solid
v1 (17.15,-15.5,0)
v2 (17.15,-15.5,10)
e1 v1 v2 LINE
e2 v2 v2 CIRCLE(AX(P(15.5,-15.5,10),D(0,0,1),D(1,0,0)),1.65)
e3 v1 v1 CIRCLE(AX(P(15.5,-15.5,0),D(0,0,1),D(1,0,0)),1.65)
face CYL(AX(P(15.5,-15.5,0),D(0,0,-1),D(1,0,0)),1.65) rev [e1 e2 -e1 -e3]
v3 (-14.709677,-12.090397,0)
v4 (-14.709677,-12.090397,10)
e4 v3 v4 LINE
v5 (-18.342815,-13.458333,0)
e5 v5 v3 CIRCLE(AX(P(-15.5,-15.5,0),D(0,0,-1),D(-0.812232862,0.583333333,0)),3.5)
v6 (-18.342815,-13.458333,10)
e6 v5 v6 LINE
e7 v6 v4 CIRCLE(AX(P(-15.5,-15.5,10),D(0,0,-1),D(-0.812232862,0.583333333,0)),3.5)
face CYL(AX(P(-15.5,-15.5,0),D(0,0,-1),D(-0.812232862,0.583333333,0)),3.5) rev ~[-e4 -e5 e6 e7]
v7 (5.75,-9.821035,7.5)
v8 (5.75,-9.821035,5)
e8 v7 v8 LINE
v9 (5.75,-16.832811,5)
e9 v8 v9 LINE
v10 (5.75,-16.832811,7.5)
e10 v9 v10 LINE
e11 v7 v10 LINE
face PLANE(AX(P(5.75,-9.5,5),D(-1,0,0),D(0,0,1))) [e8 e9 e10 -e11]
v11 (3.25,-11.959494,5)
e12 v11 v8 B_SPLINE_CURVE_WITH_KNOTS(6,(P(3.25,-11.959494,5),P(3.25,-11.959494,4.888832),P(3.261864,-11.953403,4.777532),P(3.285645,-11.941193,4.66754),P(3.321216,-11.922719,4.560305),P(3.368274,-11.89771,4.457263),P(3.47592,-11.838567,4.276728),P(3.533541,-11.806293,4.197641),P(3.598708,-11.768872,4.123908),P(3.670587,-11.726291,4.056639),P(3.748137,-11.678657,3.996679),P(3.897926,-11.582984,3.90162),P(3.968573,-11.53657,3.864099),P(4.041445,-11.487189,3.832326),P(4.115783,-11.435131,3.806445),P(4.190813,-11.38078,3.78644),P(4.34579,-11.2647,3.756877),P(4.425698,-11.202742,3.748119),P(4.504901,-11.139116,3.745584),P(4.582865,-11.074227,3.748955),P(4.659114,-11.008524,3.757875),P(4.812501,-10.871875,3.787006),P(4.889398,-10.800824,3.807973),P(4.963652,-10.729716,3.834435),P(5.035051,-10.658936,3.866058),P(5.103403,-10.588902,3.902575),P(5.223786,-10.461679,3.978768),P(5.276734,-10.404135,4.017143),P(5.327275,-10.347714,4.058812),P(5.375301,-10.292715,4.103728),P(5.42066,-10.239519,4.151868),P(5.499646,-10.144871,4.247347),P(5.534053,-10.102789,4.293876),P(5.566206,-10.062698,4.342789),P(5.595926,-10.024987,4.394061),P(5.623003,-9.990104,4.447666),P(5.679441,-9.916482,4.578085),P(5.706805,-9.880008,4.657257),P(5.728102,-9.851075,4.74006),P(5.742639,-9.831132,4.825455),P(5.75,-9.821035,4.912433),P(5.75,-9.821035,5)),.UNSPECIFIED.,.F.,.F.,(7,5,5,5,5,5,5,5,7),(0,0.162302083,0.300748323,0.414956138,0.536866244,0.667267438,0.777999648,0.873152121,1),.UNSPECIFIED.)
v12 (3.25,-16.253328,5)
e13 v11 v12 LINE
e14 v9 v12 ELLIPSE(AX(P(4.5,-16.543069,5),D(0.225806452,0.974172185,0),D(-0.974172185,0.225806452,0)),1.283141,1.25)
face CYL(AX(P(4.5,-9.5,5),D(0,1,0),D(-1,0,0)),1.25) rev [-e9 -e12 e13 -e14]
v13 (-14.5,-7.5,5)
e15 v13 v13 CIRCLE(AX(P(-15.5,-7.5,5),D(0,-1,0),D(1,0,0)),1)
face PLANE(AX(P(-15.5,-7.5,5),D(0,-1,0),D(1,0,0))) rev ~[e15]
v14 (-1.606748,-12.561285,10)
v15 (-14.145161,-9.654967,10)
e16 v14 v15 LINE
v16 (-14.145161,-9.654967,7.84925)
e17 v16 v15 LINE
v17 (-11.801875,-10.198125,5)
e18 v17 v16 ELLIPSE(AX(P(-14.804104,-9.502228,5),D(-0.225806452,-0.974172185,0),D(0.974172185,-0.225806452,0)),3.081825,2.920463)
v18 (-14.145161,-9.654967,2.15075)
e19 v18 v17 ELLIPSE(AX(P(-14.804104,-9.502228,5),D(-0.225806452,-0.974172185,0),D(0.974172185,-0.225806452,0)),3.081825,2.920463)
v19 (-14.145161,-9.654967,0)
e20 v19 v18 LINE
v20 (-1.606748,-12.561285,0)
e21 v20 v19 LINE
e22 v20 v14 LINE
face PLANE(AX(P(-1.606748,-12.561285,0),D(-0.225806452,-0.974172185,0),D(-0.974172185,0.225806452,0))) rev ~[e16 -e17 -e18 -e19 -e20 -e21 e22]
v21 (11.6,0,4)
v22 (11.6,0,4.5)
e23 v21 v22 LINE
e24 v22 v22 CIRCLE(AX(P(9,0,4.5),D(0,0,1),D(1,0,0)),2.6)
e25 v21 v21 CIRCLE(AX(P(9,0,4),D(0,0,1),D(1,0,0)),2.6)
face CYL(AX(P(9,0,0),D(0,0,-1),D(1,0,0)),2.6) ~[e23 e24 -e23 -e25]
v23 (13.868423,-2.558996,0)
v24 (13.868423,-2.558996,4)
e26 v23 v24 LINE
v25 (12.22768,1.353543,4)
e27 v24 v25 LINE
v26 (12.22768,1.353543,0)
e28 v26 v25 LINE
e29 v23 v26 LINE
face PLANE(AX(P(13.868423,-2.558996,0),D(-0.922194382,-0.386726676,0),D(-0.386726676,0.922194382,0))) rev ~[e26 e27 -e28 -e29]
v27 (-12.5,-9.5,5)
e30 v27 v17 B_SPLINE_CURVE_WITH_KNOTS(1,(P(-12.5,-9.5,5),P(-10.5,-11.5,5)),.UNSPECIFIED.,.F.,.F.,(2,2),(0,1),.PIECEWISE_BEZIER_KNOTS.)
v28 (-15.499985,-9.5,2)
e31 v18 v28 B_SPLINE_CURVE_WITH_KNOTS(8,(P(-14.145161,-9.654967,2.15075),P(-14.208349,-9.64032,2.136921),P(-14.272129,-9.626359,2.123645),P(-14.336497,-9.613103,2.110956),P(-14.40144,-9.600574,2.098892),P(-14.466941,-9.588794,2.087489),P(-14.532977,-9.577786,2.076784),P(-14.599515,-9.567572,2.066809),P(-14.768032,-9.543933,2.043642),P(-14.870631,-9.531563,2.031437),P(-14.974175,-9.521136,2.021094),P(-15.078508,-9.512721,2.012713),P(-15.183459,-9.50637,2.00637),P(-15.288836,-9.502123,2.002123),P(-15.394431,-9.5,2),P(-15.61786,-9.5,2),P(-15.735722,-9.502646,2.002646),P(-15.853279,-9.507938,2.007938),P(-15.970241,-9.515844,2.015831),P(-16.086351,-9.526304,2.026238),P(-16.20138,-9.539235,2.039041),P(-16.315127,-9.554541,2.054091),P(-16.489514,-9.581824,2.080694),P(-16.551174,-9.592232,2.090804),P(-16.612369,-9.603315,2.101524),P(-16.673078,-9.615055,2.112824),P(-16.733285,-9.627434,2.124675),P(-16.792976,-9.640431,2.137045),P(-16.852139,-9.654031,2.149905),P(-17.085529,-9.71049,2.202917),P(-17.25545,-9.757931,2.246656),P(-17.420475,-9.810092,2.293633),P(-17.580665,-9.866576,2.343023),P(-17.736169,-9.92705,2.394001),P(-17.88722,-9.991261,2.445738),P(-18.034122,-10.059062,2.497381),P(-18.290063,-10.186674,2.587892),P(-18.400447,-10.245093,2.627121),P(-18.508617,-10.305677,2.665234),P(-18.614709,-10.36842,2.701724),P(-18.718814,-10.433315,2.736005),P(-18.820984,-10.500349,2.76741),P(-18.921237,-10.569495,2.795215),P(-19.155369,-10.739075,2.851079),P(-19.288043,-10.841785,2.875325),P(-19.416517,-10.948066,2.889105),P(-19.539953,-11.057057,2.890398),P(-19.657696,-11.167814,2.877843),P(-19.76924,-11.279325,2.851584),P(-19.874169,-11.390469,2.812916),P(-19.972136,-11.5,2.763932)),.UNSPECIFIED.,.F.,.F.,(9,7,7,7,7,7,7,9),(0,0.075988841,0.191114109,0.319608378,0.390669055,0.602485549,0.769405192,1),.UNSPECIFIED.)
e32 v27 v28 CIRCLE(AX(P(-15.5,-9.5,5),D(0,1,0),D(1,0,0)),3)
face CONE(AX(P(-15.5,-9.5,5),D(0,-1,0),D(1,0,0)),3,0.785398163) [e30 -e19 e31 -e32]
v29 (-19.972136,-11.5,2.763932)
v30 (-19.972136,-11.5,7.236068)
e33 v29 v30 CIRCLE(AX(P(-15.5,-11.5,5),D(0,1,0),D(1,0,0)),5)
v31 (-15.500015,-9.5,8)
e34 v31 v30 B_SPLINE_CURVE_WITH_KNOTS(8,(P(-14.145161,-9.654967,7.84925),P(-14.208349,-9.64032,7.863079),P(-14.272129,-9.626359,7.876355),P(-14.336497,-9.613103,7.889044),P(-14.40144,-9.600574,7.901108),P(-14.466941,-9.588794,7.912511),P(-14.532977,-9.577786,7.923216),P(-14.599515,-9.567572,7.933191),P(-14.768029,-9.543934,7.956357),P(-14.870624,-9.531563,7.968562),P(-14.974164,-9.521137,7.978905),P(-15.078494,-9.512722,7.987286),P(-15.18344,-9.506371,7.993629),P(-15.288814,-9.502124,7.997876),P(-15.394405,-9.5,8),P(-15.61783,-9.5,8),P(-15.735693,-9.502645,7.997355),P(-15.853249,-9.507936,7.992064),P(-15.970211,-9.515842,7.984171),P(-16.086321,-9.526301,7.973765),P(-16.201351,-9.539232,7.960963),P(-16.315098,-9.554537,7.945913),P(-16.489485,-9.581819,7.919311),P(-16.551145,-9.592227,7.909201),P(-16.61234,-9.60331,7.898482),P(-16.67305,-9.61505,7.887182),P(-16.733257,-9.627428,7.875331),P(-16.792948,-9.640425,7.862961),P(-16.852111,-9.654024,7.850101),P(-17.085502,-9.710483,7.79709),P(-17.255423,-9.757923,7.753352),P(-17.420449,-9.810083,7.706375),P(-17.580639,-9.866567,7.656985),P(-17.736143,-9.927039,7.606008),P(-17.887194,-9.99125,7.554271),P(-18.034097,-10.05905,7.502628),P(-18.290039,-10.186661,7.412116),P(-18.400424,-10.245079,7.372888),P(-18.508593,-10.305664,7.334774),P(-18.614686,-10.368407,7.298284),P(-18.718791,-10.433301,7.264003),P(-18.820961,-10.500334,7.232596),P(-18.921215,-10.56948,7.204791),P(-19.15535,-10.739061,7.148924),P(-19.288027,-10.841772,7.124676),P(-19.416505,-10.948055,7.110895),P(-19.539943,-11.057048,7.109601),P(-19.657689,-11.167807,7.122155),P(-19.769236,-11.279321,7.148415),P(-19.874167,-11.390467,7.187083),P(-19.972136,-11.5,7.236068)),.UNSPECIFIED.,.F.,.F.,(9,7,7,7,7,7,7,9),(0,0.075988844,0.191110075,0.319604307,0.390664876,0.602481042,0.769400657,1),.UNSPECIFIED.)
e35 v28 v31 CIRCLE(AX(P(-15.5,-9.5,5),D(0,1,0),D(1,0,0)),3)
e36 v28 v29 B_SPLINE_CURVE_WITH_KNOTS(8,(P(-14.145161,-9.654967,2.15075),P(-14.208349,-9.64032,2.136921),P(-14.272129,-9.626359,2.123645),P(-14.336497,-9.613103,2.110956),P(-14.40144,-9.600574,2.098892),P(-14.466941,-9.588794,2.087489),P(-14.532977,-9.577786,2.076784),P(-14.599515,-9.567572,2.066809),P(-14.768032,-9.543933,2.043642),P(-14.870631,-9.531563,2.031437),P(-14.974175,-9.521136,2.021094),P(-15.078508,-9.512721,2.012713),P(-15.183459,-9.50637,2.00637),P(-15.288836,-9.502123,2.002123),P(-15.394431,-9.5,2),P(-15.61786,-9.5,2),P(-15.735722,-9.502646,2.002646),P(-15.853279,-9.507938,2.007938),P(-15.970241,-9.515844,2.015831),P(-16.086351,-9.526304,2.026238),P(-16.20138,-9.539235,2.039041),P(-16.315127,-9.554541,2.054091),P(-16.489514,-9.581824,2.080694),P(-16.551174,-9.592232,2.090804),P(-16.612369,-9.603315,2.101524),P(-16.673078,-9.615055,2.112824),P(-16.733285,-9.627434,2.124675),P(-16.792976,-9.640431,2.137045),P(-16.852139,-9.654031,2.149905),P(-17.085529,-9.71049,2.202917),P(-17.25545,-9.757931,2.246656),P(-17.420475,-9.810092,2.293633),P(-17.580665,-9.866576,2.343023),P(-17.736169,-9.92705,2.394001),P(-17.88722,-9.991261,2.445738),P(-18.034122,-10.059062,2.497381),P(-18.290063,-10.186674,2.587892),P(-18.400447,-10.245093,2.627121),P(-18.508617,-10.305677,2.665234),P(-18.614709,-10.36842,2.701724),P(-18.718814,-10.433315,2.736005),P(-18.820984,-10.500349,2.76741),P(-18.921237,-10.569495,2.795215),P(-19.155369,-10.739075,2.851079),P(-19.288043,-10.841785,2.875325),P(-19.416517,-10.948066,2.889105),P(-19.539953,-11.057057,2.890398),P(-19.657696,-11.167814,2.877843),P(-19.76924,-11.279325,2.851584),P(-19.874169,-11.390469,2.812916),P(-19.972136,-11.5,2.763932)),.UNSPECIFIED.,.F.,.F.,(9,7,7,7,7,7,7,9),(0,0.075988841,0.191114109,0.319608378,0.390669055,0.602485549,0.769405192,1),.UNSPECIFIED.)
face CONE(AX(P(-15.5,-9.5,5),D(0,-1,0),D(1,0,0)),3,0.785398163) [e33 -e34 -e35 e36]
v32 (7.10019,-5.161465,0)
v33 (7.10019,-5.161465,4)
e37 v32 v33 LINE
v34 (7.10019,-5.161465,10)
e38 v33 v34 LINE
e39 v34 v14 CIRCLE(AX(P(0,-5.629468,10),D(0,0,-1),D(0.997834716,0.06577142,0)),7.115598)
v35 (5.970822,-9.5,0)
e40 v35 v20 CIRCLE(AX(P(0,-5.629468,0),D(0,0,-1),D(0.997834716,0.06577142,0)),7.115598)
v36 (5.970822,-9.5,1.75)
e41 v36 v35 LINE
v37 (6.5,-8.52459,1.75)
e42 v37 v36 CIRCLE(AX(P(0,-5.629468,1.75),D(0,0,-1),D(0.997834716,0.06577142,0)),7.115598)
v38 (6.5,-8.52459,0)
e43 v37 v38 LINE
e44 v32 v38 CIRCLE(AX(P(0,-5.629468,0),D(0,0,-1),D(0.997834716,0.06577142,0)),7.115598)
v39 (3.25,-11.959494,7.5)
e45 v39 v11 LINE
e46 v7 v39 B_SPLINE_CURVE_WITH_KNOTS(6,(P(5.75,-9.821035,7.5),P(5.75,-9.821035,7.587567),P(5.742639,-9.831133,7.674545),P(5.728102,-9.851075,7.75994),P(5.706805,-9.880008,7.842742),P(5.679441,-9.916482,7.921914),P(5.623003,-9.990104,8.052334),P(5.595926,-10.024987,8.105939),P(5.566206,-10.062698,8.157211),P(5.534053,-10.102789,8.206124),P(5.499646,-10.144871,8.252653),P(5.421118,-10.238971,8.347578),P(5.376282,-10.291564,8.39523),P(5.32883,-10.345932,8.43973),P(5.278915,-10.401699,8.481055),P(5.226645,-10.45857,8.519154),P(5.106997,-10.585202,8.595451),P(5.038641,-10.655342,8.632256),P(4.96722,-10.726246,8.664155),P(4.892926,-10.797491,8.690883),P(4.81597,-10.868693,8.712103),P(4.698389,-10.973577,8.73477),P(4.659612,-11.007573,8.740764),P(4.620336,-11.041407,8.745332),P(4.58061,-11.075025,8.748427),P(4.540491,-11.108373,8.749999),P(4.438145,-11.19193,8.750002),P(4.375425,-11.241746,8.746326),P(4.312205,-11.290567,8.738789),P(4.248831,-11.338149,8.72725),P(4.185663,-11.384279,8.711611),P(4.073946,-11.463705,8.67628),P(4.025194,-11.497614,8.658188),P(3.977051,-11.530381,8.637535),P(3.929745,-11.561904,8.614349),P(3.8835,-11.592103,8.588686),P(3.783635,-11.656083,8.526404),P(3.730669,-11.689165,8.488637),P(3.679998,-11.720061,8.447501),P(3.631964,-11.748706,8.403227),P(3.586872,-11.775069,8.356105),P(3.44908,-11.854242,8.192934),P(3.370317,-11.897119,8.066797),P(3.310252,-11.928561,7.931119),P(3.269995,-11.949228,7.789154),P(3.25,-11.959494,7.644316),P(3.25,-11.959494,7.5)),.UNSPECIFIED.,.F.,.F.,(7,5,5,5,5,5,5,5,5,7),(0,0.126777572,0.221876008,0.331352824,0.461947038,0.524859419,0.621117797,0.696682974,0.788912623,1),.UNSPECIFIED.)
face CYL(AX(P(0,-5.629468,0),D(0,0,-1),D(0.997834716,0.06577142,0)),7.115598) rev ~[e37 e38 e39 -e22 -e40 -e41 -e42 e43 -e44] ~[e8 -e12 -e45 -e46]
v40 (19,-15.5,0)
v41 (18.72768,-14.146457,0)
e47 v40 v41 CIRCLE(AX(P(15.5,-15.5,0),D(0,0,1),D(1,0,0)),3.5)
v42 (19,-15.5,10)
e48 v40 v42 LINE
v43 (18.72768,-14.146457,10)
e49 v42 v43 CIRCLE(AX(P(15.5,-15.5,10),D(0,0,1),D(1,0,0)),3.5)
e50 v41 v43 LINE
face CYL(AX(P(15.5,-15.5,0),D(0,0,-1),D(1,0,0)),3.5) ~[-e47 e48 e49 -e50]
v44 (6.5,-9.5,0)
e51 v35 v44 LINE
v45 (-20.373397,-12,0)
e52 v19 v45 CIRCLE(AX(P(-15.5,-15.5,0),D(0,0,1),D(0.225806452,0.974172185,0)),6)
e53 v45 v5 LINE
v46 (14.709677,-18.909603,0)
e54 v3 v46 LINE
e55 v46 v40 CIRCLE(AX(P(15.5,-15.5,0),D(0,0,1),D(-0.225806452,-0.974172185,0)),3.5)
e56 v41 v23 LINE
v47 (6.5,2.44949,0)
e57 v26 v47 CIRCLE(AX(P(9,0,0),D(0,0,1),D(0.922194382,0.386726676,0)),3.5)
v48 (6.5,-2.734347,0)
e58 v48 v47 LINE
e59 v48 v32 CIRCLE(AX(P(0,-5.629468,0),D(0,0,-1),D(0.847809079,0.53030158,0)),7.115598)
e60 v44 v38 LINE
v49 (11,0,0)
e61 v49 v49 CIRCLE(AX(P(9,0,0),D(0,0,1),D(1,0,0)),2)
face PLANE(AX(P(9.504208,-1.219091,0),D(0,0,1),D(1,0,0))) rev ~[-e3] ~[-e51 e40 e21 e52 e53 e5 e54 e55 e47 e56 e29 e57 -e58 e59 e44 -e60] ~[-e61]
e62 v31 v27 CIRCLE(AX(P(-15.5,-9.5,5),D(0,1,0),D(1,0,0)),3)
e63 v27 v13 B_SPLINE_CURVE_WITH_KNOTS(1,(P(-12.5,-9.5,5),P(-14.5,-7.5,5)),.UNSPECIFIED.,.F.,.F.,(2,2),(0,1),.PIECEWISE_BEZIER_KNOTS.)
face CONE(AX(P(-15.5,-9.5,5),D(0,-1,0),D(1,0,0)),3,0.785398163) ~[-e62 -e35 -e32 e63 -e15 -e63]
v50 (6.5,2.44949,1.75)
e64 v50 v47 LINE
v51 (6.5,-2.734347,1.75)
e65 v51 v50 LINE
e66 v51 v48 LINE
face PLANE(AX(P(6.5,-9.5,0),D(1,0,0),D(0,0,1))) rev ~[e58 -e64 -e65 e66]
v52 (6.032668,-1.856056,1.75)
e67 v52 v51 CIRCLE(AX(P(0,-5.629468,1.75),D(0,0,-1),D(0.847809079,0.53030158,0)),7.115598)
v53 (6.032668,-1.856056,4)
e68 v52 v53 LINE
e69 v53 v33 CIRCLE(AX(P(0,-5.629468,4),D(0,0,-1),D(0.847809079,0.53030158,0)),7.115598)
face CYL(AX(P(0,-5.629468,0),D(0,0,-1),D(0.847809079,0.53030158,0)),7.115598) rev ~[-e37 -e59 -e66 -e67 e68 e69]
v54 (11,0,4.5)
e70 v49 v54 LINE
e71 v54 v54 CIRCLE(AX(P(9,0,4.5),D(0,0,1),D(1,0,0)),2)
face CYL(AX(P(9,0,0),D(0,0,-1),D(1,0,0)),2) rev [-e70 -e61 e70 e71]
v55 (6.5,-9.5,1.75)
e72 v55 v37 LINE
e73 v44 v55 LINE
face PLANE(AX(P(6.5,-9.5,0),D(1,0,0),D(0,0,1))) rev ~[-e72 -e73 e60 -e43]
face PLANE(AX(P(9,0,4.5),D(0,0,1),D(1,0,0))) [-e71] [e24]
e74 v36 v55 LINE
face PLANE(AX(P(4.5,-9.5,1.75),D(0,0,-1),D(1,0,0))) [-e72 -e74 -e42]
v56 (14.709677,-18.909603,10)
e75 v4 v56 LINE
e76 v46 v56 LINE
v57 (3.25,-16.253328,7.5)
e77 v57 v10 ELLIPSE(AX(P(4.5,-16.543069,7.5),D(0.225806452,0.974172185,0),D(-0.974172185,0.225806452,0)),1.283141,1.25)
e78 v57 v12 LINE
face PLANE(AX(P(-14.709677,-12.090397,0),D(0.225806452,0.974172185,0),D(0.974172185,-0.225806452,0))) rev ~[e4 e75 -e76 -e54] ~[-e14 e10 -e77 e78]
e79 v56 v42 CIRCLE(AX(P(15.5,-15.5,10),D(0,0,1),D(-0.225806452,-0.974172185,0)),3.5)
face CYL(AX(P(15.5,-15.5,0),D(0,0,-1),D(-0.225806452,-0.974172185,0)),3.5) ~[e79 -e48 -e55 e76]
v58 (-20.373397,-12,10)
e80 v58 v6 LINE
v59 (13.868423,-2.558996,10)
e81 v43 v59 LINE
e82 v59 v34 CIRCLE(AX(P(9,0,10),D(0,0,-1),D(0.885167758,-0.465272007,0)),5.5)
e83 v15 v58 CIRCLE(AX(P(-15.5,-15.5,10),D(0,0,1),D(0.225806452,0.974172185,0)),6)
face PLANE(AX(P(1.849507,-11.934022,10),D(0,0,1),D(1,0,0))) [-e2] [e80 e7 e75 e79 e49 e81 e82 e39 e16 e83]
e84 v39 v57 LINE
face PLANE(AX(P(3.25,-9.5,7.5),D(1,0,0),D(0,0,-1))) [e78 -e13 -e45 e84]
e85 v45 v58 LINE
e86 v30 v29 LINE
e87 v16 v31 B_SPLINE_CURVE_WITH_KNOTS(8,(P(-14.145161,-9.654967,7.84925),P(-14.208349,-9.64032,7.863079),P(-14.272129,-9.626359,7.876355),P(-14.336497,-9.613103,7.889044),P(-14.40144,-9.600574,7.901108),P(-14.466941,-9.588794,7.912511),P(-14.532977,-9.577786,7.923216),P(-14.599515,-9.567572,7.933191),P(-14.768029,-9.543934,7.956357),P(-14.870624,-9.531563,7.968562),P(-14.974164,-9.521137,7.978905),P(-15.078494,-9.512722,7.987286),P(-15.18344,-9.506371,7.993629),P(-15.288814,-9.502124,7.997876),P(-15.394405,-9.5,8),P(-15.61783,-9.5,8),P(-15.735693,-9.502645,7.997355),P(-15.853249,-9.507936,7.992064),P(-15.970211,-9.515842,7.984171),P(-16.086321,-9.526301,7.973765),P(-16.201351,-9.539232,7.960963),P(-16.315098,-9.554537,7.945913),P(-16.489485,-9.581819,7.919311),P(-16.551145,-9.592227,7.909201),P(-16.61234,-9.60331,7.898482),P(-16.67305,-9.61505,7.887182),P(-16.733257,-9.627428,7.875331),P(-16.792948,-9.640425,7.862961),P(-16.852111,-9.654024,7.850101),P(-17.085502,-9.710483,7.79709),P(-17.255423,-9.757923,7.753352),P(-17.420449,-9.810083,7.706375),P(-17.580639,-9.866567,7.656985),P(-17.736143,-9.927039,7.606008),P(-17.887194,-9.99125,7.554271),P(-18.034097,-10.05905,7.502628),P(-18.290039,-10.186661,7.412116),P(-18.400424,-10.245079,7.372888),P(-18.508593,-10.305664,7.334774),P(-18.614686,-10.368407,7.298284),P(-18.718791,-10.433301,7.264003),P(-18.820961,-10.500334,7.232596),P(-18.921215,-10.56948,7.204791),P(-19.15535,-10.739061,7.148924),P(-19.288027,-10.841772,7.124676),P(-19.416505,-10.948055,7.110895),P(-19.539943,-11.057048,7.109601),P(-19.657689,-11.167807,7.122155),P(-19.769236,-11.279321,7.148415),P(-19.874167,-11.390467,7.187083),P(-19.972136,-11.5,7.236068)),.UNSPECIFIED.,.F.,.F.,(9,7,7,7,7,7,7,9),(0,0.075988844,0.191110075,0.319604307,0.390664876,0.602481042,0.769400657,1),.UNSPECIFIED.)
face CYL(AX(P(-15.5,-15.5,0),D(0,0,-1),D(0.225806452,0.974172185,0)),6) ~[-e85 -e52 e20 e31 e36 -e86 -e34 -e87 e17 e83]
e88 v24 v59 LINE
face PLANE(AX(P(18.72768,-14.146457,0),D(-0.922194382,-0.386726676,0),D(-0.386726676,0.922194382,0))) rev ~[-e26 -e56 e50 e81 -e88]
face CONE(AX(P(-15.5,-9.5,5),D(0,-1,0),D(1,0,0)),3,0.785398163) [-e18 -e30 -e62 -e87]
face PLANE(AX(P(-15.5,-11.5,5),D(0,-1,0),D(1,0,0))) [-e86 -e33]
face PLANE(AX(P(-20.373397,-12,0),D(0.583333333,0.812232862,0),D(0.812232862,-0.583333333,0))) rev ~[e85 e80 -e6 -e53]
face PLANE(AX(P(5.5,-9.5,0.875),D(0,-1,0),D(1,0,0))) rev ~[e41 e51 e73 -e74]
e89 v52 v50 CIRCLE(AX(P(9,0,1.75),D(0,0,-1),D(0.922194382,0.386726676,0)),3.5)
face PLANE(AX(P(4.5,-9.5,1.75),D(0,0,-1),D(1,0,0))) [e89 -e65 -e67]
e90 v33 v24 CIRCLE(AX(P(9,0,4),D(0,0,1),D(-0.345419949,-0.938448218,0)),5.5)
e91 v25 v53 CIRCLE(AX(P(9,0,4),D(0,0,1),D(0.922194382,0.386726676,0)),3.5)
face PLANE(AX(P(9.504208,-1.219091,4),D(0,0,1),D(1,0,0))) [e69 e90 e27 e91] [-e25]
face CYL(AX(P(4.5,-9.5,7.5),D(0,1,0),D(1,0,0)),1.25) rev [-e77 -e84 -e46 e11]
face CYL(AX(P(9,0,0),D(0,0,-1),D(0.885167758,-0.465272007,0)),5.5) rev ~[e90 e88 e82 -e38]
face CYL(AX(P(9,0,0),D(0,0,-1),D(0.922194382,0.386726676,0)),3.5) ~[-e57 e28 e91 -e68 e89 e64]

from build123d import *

# Parameters (mm, degrees)
F0_R          = 1.65
F1_DEPTH      = 10
F0_R_2        = 2.6
F2_DEPTH      = 4
F0_R_3        = 2
F3_DEPTH      = 4.5
F5_R          = 3
F6_DEPTH      = 2
F6_TAPER      = 45
F6_DEPTH_BACK = 2
F6_TAPER_BACK = -45
F7_DEPTH      = 25
F5_W          = 2
F5_H          = 1.75
F8_DEPTH      = 25


with BuildPart() as f1:
    # F0 (on Top) → F1 (new body)
    with BuildSketch(Plane.XY):
        with BuildLine():
            ThreePointArc((14.7096774194, -18.9096026482), (12.824730257, -13.2432475097), (18.7276803364, -14.1464566331))
            Line((18.7276803364, -14.1464566331), (13.8684226679, -2.5589960389))
            ThreePointArc((13.8684226679, -2.5589960389), (10.9739243006, -5.1335779779), (7.1001902802, -5.1614652017))
            ThreePointArc((7.1001902802, -5.1614652017), (4.6080160796, -11.0514527236), (-1.6067478385, -12.5612853954))
            Line((-1.6067478385, -12.5612853954), (-14.1451612903, -9.6549668888))
            ThreePointArc((-14.1451612903, -9.6549668888), (-17.6142039843, -9.8848293425), (-20.3733971724, -12))
            Line((-20.3733971724, -12), (-18.3428150172, -13.4583333333))
            ThreePointArc((-18.3428150172, -13.4583333333), (-16.7332856575, -12.2244837831), (-14.7096774194, -12.0903973518))
            Line((-14.7096774194, -12.0903973518), (14.7096774194, -18.9096026482))
        make_face()
        with BuildLine():
            ThreePointArc((14.7096774194, -18.9096026482), (17.6775985589, -18.2400847644), (19, -15.5))
            ThreePointArc((19, -15.5), (18.9312447579, -14.8096671735), (18.7276803364, -14.1464566331))
            ThreePointArc((18.7276803364, -14.1464566331), (12.824730257, -13.2432475097), (14.7096774194, -18.9096026482))
        make_face()
        with Locations((15.5, -15.5)):
            Circle(F0_R, mode=Mode.SUBTRACT)
    extrude(amount=F1_DEPTH)

    # F0 (on Top) → F2 (join)
    with BuildSketch(Plane.XY):
        with BuildLine():
            ThreePointArc((7.1001902802, -5.1614652017), (10.9739243006, -5.1335779779), (13.8684226679, -2.5589960389))
            Line((13.8684226679, -2.5589960389), (12.2276803364, 1.3535433669))
            ThreePointArc((12.2276803364, 1.3535433669), (7.3899296254, 3.1076797436), (6.0326682233, -1.856055529))
            ThreePointArc((6.0326682233, -1.856055529), (6.7712204508, -3.4426205691), (7.1001902802, -5.1614652017))
        make_face()
        with Locations((9, 0)):
            Circle(F0_R_2, mode=Mode.SUBTRACT)
    extrude(amount=F2_DEPTH)

    # F0 (on Top) → F3 (join)
    with BuildSketch(Plane.XY):
        with Locations((9, 0)):
            Circle(F0_R_2)
        with Locations((9, 0)):
            Circle(F0_R_3, mode=Mode.SUBTRACT)
    extrude(amount=F3_DEPTH)

    # F5 (on offset) → F6 (join, two sides)
    with BuildSketch(Plane.XZ.offset(9.5)) as f6_sk:
        with Locations((-15.5, 5)):
            Circle(F5_R)
    extrude(amount=-F6_DEPTH, taper=F6_TAPER)
    extrude(f6_sk.sketch, amount=F6_DEPTH_BACK, taper=F6_TAPER_BACK)

    # F5 (on offset) → F7 (cut)
    with BuildSketch(Plane.XZ.offset(9.5)):
        with BuildLine():
            ThreePointArc((4.5000000108, 6.25), (3.6161165273, 5.8838834803), (3.25, 5))
            ThreePointArc((3.25, 5), (4.5, 3.75), (5.75, 5))
            ThreePointArc((5.75, 5), (5.3838834803, 5.8838834727), (4.5000000108, 6.25))
        make_face()
        with BuildLine():
            ThreePointArc((3.25, 7.5), (3.6161165273, 6.6161165197), (4.5000000108, 6.25))
            ThreePointArc((4.5000000108, 6.25), (5.3838834803, 6.6161165273), (5.75, 7.5))
            ThreePointArc((5.75, 7.5), (4.5, 8.75), (3.25, 7.5))
        make_face()
        with BuildLine():
            Line((3.25, 7.5), (3.25, 5))
            ThreePointArc((3.25, 5), (3.6161165273, 5.8838834803), (4.5000000108, 6.25))
            ThreePointArc((4.5000000108, 6.25), (3.6161165273, 6.6161165197), (3.25, 7.5))
        make_face()
        with BuildLine():
            ThreePointArc((4.5000000108, 6.25), (5.3838834803, 5.8838834727), (5.75, 5))
            Line((5.75, 5), (5.75, 7.5))
            ThreePointArc((5.75, 7.5), (5.3838834803, 6.6161165273), (4.5000000108, 6.25))
        make_face()
    extrude(amount=F7_DEPTH, mode=Mode.SUBTRACT)

    # F5 (on offset) → F8 (cut)
    with BuildSketch(Plane.XZ.offset(9.5)):
        with Locations((5.5, 0.875)):
            Rectangle(F5_W, F5_H)
    extrude(amount=-F8_DEPTH, mode=Mode.SUBTRACT)


solid = f1.part
